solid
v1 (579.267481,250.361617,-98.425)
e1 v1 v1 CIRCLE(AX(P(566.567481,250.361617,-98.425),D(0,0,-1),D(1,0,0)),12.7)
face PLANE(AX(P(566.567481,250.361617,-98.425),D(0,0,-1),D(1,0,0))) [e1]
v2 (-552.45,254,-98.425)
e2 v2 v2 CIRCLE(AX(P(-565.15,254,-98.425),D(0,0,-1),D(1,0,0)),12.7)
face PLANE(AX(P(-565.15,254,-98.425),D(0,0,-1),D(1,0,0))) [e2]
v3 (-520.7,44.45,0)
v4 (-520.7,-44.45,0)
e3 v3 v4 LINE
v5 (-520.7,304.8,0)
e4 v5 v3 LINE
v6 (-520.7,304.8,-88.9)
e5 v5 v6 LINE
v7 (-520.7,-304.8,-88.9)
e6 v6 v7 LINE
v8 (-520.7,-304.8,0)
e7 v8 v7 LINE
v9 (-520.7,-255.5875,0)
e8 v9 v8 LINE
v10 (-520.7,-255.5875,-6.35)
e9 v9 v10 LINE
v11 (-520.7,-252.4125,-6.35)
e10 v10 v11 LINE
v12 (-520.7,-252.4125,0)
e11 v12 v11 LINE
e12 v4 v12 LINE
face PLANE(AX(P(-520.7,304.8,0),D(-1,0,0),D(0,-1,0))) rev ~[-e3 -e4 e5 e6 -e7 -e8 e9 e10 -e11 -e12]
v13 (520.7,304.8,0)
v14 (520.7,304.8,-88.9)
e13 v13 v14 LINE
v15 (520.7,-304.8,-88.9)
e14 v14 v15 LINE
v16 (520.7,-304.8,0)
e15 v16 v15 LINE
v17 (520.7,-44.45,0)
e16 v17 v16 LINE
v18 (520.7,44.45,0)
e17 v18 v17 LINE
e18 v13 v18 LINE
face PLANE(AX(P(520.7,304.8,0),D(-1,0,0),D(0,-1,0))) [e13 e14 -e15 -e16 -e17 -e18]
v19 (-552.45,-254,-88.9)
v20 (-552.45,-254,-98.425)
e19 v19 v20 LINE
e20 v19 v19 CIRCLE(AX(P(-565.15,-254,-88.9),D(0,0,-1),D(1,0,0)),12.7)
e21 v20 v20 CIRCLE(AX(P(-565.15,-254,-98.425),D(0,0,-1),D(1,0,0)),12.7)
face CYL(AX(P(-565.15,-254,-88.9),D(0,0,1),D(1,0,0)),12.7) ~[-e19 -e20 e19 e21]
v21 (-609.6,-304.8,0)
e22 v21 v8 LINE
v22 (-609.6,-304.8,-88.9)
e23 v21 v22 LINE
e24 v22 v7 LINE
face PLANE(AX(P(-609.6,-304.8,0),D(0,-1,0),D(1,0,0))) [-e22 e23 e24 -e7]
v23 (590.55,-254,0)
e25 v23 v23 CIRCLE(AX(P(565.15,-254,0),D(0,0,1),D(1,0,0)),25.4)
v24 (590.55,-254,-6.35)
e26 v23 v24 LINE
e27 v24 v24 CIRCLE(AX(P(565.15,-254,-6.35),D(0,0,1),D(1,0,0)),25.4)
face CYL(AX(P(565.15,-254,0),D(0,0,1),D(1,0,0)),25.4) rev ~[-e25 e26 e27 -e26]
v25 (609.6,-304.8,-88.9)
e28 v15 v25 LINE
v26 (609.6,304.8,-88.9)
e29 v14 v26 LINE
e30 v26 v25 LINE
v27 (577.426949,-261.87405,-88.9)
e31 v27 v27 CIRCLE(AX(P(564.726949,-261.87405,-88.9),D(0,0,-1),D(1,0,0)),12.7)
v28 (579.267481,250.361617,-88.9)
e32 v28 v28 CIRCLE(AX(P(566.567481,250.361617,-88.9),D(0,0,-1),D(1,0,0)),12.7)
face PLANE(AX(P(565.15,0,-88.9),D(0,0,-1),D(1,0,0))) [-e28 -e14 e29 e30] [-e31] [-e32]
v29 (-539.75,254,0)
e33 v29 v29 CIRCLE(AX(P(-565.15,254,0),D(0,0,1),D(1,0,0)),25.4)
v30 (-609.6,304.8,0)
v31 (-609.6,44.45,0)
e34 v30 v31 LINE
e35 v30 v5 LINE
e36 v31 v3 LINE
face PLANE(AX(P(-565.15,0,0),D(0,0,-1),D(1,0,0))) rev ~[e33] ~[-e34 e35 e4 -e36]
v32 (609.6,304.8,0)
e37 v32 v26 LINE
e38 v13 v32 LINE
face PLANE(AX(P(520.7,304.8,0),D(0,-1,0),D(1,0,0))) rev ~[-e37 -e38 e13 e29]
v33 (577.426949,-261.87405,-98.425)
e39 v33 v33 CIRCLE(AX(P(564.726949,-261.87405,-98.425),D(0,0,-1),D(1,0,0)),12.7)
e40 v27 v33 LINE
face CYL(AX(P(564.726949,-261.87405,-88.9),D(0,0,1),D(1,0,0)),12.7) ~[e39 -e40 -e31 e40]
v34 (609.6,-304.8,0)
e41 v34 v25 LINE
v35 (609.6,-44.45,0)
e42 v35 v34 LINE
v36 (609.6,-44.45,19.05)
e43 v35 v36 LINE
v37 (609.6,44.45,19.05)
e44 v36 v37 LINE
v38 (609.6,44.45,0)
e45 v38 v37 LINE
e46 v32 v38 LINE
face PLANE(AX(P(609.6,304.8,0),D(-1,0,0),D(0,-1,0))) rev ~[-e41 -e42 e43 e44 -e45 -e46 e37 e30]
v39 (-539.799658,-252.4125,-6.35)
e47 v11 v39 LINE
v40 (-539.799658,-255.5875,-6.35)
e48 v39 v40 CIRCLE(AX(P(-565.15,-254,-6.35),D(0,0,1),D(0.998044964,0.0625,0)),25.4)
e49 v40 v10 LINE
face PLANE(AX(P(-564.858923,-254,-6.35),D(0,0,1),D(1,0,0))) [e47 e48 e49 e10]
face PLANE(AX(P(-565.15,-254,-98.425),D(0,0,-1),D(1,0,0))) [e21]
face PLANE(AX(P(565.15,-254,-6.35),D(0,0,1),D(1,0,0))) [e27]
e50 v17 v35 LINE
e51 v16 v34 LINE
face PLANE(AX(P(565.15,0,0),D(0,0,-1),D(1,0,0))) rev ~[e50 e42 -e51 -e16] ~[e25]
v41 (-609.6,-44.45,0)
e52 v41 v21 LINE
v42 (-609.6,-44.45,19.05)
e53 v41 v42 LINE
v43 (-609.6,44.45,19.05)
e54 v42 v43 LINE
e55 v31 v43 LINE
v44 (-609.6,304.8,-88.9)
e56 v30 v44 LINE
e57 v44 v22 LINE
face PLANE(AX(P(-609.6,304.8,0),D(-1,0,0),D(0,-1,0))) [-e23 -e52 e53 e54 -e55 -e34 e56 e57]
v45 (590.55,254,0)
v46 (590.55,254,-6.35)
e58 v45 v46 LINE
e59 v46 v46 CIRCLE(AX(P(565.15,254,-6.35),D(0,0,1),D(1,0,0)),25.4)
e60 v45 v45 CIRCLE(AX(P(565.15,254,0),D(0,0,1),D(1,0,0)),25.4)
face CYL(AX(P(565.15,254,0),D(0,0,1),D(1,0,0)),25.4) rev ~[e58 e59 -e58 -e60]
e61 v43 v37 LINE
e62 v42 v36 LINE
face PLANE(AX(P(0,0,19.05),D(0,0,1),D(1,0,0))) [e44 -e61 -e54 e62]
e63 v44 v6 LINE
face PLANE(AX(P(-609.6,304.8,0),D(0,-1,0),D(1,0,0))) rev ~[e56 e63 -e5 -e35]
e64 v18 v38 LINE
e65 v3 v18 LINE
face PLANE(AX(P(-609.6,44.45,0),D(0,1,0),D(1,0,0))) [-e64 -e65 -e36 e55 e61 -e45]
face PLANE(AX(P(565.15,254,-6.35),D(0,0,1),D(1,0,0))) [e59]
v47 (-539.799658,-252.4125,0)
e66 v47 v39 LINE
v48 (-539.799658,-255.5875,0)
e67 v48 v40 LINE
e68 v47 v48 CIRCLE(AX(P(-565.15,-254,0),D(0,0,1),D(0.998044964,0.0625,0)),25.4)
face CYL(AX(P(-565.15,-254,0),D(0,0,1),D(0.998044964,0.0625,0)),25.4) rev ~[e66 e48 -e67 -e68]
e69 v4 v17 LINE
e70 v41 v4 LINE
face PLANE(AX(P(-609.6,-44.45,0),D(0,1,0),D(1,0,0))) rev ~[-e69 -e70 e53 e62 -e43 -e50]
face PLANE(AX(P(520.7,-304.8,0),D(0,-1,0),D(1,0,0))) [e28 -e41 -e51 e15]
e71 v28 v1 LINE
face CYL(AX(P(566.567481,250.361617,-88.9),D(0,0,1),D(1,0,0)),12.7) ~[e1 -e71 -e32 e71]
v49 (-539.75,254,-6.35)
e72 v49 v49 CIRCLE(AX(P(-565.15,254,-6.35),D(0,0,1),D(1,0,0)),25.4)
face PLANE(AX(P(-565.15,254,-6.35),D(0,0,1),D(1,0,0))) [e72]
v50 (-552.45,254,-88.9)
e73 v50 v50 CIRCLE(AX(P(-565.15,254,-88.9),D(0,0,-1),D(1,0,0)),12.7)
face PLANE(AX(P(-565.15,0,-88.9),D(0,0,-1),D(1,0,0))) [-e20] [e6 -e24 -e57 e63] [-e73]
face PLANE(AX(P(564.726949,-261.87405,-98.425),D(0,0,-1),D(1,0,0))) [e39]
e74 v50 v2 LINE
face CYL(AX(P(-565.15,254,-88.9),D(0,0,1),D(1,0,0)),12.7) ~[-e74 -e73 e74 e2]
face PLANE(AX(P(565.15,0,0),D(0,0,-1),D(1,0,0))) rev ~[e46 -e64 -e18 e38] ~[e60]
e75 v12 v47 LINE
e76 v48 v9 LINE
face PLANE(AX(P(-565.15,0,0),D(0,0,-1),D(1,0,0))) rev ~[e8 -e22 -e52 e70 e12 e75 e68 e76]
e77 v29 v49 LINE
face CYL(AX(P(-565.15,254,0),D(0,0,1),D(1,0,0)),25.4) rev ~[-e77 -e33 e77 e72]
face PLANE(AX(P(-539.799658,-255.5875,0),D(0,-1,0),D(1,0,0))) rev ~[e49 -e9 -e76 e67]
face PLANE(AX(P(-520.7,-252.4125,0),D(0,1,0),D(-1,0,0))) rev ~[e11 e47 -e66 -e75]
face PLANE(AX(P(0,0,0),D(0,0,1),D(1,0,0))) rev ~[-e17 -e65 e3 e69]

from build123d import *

# Parameters (mm, degrees)
F0_W     = 1219.2
F0_H     = 88.9
F1_DEPTH = 19.05
F2_W     = 88.9
F2_H     = 609.6
F3_DEPTH = 88.9
F4_W     = 88.9
F4_H     = 609.6
F5_DEPTH = 88.9
F6_R     = 12.7
F7_DEPTH = 9.525
F8_R     = 25.4
F9_DEPTH = 6.35


with BuildPart() as f1:
    # F0 (on Top) → F1 (new body)
    with BuildSketch(Plane.XY):
        Rectangle(F0_W, F0_H)
    extrude(amount=F1_DEPTH)

    # F2 (on face) → F3 (join)
    with BuildSketch(Plane(origin=(0, 0, 0), x_dir=(1, 0, 0), z_dir=(0, 0, -1))):
        with Locations((-565.15, 0)):
            Rectangle(F2_W, F2_H)
    extrude(amount=F3_DEPTH)

    # F4 (on face) → F5 (join)
    with BuildSketch(Plane(origin=(0, 0, 0), x_dir=(1, 0, 0), z_dir=(0, 0, -1))):
        with Locations((565.15, 0)):
            Rectangle(F4_W, F4_H)
    extrude(amount=F5_DEPTH)

    # F6 (on face) → F7 (join)
    with BuildSketch(Plane(origin=(0, 0, -88.9), x_dir=(1, 0, 0), z_dir=(0, 0, -1))):
        with Locations((-565.15, 254)):
            Circle(F6_R)
        with Locations((-565.15, -254)):
            Circle(F6_R)
        with Locations((564.726949, 261.87405)):
            Circle(F6_R)
        with Locations((566.567481, -250.361617)):
            Circle(F6_R)
    extrude(amount=F7_DEPTH)

    # F8 (on face) → F9 (cut)
    with BuildSketch(Plane.XY):
        with BuildLine():
            ThreePointArc((-539.799658, -255.5875), (-539.762418, -254.794138), (-539.75, -254))
            ThreePointArc((-539.75, -254), (-539.762418, -253.205862), (-539.799658, -252.4125))
            ThreePointArc((-539.799658, -252.4125), (-590.55, -254), (-539.799658, -255.5875))
        make_face()
        with Locations((-565.15, 254)):
            Circle(F8_R)
        with Locations((565.15, 254)):
            Circle(F8_R)
        with Locations((565.15, -254)):
            Circle(F8_R)
        with BuildLine():
            ThreePointArc((-539.799658, -252.4125), (-539.762418, -253.205862), (-539.75, -254))
            ThreePointArc((-539.75, -254), (-539.762418, -254.794138), (-539.799658, -255.5875))
            Line((-539.799658, -255.5875), (-520.7, -255.5875))
            Line((-520.7, -255.5875), (-520.7, -254))
            Line((-520.7, -254), (-520.7, -252.4125))
            Line((-520.7, -252.4125), (-539.799658, -252.4125))
        make_face()
    extrude(amount=-F9_DEPTH, mode=Mode.SUBTRACT)


solid = f1.part
